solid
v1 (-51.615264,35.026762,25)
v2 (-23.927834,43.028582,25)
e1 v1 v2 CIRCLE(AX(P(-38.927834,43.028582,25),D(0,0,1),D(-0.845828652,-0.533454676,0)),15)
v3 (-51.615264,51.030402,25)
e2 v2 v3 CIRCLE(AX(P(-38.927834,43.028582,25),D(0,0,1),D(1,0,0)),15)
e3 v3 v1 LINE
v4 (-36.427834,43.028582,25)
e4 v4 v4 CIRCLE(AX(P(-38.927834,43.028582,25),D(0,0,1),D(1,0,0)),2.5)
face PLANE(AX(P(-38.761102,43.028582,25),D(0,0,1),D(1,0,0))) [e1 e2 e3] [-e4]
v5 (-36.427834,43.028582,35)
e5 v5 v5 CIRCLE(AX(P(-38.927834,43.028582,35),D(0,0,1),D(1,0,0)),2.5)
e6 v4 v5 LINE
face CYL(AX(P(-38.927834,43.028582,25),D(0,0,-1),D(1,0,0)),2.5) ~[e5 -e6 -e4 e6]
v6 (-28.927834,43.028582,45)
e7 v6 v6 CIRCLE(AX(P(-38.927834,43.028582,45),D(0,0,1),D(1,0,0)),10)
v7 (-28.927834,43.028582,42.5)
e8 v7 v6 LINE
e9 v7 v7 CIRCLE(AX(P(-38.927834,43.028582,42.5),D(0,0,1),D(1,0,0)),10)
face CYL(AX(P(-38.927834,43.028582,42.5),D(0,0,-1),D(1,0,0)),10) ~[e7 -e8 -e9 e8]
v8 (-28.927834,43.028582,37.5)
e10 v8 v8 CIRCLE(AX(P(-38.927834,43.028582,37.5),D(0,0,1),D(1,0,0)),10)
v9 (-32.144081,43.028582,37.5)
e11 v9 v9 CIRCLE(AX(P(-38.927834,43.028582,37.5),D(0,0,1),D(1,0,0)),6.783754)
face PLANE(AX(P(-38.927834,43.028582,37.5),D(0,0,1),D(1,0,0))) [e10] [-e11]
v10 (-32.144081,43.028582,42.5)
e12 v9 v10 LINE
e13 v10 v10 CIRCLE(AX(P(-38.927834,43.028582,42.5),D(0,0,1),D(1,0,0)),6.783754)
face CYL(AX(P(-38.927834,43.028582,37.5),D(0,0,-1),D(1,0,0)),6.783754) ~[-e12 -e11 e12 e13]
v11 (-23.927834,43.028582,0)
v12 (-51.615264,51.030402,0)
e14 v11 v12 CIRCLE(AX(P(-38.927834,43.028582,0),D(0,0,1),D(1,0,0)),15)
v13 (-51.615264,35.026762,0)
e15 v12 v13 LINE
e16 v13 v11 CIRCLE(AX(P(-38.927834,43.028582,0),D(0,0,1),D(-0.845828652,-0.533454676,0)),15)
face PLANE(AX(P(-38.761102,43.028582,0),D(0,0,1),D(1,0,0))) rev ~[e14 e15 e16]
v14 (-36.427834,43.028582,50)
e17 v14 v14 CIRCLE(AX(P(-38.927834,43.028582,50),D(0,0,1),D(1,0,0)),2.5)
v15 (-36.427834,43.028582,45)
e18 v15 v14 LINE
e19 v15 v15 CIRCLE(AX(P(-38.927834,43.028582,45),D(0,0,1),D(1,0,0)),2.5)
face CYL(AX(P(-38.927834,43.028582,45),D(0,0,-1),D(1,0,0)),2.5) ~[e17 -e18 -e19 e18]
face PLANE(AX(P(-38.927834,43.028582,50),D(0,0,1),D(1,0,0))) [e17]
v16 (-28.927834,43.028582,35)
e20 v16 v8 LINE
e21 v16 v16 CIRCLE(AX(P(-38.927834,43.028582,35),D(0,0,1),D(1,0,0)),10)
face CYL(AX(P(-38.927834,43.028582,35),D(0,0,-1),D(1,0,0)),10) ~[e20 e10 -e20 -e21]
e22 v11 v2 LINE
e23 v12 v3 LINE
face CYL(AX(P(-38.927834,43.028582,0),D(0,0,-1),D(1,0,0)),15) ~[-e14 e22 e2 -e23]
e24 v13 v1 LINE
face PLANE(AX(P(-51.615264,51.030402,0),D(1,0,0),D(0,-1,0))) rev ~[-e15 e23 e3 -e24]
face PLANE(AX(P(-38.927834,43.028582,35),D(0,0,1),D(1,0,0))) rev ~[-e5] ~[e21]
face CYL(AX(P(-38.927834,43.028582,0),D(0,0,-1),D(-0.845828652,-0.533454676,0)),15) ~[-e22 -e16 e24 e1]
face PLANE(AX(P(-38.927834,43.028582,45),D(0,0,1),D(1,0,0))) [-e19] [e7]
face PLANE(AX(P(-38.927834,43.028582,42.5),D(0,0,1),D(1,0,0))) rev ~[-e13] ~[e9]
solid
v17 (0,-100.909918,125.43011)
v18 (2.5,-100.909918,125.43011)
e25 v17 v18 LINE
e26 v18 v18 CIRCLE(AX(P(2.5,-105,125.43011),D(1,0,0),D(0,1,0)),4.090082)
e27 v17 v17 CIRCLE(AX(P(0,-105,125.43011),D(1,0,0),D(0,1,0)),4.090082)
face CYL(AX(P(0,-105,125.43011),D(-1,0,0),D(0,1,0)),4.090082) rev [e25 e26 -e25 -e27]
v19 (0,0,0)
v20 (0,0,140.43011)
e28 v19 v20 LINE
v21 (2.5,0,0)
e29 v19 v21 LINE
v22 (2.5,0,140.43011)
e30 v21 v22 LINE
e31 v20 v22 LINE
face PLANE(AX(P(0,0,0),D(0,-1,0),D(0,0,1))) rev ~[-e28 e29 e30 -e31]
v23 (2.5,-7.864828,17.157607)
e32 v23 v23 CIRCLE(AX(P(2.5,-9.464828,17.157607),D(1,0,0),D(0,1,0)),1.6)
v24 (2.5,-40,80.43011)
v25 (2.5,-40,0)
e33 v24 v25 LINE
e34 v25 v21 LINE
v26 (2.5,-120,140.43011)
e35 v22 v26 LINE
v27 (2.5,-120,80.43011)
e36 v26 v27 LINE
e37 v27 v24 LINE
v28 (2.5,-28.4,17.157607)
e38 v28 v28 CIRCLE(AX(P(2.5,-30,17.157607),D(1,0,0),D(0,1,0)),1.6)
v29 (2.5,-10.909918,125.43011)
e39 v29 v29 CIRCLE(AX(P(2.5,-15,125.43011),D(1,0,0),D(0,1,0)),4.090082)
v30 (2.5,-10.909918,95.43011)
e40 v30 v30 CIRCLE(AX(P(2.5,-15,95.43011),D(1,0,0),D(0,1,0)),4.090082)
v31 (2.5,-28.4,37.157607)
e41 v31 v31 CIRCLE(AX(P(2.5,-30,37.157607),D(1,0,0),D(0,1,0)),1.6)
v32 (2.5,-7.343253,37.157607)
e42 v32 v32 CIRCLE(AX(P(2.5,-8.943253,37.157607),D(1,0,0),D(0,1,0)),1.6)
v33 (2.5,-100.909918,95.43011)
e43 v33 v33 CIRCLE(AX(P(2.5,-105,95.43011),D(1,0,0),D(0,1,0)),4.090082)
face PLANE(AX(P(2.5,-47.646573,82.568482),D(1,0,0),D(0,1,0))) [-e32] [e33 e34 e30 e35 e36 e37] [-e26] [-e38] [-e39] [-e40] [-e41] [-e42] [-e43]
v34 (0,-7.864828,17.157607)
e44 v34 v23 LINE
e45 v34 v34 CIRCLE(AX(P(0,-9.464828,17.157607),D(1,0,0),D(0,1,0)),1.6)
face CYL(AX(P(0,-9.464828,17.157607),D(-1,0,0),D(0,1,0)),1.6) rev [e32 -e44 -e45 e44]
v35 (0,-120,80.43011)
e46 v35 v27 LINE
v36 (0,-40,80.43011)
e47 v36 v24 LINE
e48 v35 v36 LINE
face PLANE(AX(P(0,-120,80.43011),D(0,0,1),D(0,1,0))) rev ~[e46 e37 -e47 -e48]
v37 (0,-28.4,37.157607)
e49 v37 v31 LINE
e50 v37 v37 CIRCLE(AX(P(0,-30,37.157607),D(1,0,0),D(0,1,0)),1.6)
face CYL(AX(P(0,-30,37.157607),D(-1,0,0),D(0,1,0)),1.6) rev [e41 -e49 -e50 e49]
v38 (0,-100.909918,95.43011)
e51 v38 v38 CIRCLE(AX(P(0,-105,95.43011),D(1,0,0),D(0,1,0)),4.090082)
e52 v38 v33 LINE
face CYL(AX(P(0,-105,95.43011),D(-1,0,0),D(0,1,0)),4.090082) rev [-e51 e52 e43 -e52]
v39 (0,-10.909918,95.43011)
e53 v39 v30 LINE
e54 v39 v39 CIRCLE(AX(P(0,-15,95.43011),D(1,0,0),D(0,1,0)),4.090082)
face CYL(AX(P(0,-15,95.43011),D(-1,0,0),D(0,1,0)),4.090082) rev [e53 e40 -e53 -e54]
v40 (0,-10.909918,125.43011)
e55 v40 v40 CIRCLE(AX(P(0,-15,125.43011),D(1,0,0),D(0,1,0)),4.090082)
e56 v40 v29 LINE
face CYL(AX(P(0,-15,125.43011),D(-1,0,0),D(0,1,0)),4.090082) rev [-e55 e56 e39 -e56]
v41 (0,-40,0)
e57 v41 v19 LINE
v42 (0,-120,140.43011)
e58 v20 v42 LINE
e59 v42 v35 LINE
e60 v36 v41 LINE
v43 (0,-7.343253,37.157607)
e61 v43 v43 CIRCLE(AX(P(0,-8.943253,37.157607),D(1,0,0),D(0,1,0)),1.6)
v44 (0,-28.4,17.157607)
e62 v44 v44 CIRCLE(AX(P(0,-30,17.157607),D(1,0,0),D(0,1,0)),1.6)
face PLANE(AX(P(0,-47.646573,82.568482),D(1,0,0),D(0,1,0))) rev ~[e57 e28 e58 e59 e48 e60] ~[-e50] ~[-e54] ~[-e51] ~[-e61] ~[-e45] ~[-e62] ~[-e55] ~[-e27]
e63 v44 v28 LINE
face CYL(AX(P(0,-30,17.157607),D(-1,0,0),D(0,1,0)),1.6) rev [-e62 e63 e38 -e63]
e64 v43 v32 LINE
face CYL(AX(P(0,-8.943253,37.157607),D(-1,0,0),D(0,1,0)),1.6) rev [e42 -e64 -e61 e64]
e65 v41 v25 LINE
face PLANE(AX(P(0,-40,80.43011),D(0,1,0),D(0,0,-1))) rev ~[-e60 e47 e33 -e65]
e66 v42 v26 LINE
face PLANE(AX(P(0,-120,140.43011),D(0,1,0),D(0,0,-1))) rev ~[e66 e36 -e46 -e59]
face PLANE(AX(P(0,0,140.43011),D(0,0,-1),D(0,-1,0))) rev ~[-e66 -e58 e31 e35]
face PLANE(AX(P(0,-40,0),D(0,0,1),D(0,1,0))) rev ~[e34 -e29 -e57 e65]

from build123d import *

# Parameters (mm, degrees)
F0_R      = 1.6
F0_R_2    = 4.0900821391
F0_R_3    = 8.5154019065
F1_DEPTH  = 2.5
F3_DEPTH  = 25
F4_R      = 2.5
F5_DEPTH  = 10
F6_R      = 10
F6_R_2    = 2.5
F7_DEPTH  = 2.5
F8_R      = 6.7837537735
F9_DEPTH  = 5
F10_R     = 10
F10_R_2   = 6.7837537735
F11_DEPTH = 2.5
F12_R     = 2.5
F13_DEPTH = 5


with BuildPart() as f1:
    # F0 (on Right) → F1 (new body)
    with BuildSketch(Plane.YZ):
        Polygon((-40, 0), (0, 0), (0, 140.4301102979), (-120, 140.4301102979), (-120, 80.4301102979), (-40, 80.4301102979), align=None)
        with Locations((-30, 17.1576072229)):
            Circle(F0_R, mode=Mode.SUBTRACT)
        with Locations((-9.4648276111, 17.1576072229)):
            Circle(F0_R, mode=Mode.SUBTRACT)
        with Locations((-30, 37.1576072229)):
            Circle(F0_R, mode=Mode.SUBTRACT)
        with Locations((-8.9432526233, 37.1576072229)):
            Circle(F0_R, mode=Mode.SUBTRACT)
        with Locations((-105, 95.4301102979)):
            Circle(F0_R_2, mode=Mode.SUBTRACT)
        with Locations((-105, 125.4301102979)):
            Circle(F0_R_2, mode=Mode.SUBTRACT)
        with Locations((-15, 95.4301102979)):
            Circle(F0_R_2, mode=Mode.SUBTRACT)
        with Locations((-60, 110.4301102979)):
            Circle(F0_R_3, mode=Mode.SUBTRACT)
        with Locations((-15, 125.4301102979)):
            Circle(F0_R_2, mode=Mode.SUBTRACT)
        with Locations((-60, 110.4301102979)):
            Circle(F0_R_3)
    extrude(amount=F1_DEPTH)


with BuildPart() as f3:
    # F2 (on Top) → F3 (new body)
    with BuildSketch(Plane.XY):
        with BuildLine():
            ThreePointArc((-51.6152642667, 35.026761755), (-34.7631884448, 28.6183173725), (-23.927834481, 43.0285818875))
            ThreePointArc((-23.927834481, 43.0285818875), (-34.7631884448, 57.4388464025), (-51.6152642667, 51.0304020199))
            Line((-51.6152642667, 51.0304020199), (-51.6152642667, 43.0285818875))
            Line((-51.6152642667, 43.0285818875), (-51.6152642667, 35.026761755))
        make_face()
    extrude(amount=F3_DEPTH)

    # F4 (on face) → F5 (join)
    with BuildSketch(Plane.XY.offset(25)):
        with Locations((-38.927834481, 43.0285818875)):
            Circle(F4_R)
    extrude(amount=F5_DEPTH)

    # F6 (on face) → F7 (join)
    with BuildSketch(Plane.XY.offset(35)):
        with Locations((-38.927834481, 43.0285818875)):
            Circle(F6_R)
        with Locations((-38.927834481, 43.0285818875)):
            Circle(F6_R_2, mode=Mode.SUBTRACT)
        with Locations((-38.927834481, 43.0285818875)):
            Circle(F6_R_2)
    extrude(amount=F7_DEPTH)

    # F8 (on face) → F9 (join)
    with BuildSketch(Plane.XY.offset(37.5)):
        with Locations((-38.927834481, 43.0285818875)):
            Circle(F8_R)
    extrude(amount=F9_DEPTH)

    # F10 (on face) → F11 (join)
    with BuildSketch(Plane.XY.offset(42.5)):
        with Locations((-38.927834481, 43.0285818875)):
            Circle(F10_R)
        with Locations((-38.927834481, 43.0285818875)):
            Circle(F10_R_2, mode=Mode.SUBTRACT)
        with Locations((-38.927834481, 43.0285818875)):
            Circle(F10_R_2)
    extrude(amount=F11_DEPTH)

    # F12 (on face) → F13 (join)
    with BuildSketch(Plane.XY.offset(45)):
        with Locations((-38.927834481, 43.0285818875)):
            Circle(F12_R)
    extrude(amount=F13_DEPTH)


solid = Compound([f1.part, f3.part])
